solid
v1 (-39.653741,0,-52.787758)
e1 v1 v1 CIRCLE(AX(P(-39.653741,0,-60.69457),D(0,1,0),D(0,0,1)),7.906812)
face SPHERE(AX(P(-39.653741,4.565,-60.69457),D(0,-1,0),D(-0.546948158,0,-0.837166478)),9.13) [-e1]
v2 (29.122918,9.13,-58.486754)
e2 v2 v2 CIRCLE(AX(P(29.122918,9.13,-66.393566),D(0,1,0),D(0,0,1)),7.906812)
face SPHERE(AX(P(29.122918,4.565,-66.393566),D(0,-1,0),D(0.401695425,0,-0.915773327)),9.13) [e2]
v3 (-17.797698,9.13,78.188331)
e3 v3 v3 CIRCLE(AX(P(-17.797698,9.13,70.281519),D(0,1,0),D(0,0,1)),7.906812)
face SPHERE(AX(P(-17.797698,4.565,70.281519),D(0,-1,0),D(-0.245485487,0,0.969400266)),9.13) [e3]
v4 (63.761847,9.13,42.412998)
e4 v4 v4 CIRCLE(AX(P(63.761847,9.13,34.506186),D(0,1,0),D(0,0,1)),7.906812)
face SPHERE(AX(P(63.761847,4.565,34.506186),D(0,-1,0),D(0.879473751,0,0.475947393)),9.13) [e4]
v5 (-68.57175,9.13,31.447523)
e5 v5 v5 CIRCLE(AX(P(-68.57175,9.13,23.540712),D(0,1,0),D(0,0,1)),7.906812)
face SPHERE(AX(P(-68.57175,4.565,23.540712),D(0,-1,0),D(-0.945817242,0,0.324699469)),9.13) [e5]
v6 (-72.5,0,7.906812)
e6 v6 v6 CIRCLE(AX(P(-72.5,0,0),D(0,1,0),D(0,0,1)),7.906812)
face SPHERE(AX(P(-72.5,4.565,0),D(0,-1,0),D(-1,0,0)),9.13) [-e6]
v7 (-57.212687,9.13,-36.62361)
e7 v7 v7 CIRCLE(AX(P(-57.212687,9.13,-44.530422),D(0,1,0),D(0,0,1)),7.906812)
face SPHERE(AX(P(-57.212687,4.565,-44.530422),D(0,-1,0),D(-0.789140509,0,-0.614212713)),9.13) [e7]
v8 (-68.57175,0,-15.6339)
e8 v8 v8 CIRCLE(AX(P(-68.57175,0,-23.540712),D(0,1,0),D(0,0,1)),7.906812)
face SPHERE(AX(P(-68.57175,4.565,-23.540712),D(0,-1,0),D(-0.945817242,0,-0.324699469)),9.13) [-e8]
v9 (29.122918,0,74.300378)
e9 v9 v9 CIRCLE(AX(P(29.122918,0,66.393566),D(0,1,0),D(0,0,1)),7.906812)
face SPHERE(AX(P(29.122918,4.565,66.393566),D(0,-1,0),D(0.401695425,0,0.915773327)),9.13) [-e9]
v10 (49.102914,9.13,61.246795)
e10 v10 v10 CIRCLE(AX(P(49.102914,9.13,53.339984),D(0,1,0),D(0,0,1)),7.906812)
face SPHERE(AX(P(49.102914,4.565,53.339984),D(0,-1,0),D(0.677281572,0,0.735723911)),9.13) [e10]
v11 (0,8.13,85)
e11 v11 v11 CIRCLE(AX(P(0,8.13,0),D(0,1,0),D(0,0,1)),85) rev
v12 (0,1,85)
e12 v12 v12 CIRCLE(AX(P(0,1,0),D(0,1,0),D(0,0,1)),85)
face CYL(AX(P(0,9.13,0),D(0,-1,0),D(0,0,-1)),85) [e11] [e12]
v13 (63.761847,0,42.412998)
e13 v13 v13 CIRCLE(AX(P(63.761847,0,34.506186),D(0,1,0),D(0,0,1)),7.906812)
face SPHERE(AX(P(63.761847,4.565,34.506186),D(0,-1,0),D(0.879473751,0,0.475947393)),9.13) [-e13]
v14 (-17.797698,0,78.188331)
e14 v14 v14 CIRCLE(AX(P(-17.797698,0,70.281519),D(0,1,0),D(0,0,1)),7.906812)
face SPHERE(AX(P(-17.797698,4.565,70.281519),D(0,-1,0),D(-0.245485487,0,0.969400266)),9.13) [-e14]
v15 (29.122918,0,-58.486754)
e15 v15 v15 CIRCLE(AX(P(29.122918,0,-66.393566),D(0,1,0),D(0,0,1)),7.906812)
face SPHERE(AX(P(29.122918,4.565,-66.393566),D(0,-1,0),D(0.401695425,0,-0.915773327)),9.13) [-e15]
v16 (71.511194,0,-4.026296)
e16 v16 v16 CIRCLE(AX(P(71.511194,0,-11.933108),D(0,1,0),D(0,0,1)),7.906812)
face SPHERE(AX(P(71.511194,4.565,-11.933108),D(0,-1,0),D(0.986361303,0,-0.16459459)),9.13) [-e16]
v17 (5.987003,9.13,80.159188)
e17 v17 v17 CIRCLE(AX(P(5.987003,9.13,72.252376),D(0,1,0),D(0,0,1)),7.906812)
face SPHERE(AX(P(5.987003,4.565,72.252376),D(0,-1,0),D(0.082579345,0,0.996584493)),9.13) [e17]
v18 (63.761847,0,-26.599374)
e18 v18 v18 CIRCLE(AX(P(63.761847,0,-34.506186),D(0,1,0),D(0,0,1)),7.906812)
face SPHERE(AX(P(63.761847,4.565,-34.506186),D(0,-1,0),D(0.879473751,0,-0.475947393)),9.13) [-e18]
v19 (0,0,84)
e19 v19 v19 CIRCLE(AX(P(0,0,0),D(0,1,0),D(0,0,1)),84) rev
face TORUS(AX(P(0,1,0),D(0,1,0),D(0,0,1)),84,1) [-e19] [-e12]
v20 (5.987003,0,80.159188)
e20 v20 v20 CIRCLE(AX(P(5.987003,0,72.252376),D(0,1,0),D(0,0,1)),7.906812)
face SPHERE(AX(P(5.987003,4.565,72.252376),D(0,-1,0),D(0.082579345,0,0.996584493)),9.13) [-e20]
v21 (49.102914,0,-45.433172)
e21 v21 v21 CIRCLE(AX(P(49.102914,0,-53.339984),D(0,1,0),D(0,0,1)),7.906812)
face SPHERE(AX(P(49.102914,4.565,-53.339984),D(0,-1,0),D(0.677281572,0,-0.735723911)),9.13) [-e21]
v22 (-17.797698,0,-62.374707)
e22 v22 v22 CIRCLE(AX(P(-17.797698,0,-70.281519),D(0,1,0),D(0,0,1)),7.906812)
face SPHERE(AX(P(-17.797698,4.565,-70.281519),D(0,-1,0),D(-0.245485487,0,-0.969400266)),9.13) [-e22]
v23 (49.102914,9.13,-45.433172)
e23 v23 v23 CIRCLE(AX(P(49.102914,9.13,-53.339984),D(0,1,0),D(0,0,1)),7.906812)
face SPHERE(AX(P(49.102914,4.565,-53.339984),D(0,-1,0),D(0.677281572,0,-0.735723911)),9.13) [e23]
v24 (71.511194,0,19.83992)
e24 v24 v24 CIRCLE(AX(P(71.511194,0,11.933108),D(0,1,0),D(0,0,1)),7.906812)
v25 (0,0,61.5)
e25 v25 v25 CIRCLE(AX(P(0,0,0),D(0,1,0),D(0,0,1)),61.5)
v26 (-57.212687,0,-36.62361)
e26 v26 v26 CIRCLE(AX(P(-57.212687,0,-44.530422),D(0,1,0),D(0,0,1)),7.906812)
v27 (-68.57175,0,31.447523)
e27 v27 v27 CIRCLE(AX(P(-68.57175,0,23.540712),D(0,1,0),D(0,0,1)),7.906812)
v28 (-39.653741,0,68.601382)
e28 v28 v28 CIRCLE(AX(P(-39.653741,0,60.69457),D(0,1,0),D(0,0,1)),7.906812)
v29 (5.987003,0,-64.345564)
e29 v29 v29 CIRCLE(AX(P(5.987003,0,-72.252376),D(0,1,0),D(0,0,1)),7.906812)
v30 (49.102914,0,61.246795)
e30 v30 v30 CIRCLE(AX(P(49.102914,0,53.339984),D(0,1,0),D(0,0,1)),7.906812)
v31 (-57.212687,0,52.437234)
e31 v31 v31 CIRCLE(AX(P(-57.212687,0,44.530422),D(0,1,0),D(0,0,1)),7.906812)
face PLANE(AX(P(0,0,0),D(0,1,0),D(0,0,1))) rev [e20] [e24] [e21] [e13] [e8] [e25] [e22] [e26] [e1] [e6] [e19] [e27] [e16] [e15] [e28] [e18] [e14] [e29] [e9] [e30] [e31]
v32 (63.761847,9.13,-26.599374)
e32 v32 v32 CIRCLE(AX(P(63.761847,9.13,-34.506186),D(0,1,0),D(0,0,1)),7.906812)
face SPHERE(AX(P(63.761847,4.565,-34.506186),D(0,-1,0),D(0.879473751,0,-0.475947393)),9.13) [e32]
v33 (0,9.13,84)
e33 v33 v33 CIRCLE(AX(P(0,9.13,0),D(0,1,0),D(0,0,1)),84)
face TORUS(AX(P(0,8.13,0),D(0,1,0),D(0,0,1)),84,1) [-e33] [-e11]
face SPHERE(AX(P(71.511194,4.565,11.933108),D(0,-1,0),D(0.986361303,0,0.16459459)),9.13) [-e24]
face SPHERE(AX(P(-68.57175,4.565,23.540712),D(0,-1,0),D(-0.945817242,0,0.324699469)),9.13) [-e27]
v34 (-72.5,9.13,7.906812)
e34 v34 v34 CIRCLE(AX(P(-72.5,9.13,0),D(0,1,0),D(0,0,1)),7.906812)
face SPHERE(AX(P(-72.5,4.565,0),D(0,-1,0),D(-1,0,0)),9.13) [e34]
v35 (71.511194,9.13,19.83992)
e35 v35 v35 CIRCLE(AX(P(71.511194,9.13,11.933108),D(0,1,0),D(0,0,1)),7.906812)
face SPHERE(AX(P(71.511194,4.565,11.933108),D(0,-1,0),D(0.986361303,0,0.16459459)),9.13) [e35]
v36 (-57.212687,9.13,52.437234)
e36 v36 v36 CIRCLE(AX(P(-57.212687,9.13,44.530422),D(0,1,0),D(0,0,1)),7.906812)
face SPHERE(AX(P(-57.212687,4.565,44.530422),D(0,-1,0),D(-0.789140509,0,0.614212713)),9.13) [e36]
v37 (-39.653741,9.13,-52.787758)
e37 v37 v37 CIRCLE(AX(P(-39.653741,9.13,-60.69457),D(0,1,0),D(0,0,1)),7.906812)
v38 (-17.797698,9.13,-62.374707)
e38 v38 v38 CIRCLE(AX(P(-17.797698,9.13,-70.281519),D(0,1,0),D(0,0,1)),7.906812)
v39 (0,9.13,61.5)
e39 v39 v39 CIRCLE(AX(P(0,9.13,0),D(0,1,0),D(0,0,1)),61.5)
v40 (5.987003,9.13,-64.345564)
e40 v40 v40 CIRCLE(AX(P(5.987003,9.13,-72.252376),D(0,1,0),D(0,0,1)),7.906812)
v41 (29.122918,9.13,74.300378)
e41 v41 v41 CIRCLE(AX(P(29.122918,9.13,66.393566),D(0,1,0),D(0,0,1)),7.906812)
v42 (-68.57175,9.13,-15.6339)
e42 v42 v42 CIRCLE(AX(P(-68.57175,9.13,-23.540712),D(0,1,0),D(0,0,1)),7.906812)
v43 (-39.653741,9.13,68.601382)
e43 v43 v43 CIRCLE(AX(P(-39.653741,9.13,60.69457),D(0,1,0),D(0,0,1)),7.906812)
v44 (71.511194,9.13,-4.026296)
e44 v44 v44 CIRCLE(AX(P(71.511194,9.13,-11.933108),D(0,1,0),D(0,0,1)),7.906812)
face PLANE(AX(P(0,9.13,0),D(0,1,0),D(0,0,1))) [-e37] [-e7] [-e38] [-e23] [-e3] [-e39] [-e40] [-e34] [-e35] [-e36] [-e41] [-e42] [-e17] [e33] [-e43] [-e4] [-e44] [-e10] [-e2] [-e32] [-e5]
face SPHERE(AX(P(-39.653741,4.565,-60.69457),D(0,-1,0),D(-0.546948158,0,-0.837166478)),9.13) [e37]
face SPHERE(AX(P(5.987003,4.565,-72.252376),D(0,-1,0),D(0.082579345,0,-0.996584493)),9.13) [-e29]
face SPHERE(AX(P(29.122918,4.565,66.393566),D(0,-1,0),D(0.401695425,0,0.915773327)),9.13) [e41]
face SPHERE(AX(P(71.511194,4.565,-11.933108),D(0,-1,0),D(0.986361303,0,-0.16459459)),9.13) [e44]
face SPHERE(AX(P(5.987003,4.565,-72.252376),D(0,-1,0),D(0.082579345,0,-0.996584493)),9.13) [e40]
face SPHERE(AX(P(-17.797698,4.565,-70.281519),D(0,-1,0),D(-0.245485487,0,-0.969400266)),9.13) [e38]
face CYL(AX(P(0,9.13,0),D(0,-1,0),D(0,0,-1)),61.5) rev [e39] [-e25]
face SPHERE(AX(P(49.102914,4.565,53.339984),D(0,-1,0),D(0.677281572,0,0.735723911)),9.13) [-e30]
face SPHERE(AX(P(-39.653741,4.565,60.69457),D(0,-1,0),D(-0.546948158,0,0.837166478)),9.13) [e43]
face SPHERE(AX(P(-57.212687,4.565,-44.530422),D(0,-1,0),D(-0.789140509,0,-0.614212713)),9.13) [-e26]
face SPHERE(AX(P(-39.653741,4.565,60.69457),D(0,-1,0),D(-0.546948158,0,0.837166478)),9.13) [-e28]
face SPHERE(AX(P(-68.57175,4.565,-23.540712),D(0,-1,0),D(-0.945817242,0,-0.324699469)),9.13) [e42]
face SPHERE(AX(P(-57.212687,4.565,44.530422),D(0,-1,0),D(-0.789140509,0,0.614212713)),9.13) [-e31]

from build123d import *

# Parameters (mm, degrees)
SKETCH1_R           = 85
SKETCH1_R_2         = 61.5
BOSS_EXTRUDE1_DEPTH = 9.13
FILLET2_R           = 1
CIRPATTERN1_COUNT   = 19


with BuildPart() as part:
    # Sketch1 → Boss-Extrude1 (new body)
    with BuildSketch(Plane(origin=(0, 0, 0), x_dir=(1, 0, 0), z_dir=(0, 1, 0))):
        Circle(SKETCH1_R)
        Circle(SKETCH1_R_2, mode=Mode.SUBTRACT)
    extrude(amount=BOSS_EXTRUDE1_DEPTH)

    # Fillet2
    fillet2_edges = [part.edges().sort_by_distance(p)[0] for p in [
        (-85, 0, 0),
        (-85, 9.13, 0),
    ]]
    fillet(fillet2_edges, radius=FILLET2_R)

    # Sketch3 → Revolve1 (revolve)
    with BuildSketch(Plane.XY):
        with BuildLine():
            Line((-72.5, -4.565), (-72.5, 13.695))
            ThreePointArc((-72.5, 13.695), (-63.37, 4.565), (-72.5, -4.565))
        make_face()
    revolve1 = revolve(axis=Axis((-72.5, -4.565, 0), (0, 1, 0)))

    # CirPattern1: Revolve1 ×19 about axis
    cirpattern1_axis = Axis((0, 9.13, 0), (0, -1, 0))
    for i in range(1, CIRPATTERN1_COUNT):
        add(revolve1.rotate(cirpattern1_axis, i * 360 / CIRPATTERN1_COUNT))


solid = part.part
